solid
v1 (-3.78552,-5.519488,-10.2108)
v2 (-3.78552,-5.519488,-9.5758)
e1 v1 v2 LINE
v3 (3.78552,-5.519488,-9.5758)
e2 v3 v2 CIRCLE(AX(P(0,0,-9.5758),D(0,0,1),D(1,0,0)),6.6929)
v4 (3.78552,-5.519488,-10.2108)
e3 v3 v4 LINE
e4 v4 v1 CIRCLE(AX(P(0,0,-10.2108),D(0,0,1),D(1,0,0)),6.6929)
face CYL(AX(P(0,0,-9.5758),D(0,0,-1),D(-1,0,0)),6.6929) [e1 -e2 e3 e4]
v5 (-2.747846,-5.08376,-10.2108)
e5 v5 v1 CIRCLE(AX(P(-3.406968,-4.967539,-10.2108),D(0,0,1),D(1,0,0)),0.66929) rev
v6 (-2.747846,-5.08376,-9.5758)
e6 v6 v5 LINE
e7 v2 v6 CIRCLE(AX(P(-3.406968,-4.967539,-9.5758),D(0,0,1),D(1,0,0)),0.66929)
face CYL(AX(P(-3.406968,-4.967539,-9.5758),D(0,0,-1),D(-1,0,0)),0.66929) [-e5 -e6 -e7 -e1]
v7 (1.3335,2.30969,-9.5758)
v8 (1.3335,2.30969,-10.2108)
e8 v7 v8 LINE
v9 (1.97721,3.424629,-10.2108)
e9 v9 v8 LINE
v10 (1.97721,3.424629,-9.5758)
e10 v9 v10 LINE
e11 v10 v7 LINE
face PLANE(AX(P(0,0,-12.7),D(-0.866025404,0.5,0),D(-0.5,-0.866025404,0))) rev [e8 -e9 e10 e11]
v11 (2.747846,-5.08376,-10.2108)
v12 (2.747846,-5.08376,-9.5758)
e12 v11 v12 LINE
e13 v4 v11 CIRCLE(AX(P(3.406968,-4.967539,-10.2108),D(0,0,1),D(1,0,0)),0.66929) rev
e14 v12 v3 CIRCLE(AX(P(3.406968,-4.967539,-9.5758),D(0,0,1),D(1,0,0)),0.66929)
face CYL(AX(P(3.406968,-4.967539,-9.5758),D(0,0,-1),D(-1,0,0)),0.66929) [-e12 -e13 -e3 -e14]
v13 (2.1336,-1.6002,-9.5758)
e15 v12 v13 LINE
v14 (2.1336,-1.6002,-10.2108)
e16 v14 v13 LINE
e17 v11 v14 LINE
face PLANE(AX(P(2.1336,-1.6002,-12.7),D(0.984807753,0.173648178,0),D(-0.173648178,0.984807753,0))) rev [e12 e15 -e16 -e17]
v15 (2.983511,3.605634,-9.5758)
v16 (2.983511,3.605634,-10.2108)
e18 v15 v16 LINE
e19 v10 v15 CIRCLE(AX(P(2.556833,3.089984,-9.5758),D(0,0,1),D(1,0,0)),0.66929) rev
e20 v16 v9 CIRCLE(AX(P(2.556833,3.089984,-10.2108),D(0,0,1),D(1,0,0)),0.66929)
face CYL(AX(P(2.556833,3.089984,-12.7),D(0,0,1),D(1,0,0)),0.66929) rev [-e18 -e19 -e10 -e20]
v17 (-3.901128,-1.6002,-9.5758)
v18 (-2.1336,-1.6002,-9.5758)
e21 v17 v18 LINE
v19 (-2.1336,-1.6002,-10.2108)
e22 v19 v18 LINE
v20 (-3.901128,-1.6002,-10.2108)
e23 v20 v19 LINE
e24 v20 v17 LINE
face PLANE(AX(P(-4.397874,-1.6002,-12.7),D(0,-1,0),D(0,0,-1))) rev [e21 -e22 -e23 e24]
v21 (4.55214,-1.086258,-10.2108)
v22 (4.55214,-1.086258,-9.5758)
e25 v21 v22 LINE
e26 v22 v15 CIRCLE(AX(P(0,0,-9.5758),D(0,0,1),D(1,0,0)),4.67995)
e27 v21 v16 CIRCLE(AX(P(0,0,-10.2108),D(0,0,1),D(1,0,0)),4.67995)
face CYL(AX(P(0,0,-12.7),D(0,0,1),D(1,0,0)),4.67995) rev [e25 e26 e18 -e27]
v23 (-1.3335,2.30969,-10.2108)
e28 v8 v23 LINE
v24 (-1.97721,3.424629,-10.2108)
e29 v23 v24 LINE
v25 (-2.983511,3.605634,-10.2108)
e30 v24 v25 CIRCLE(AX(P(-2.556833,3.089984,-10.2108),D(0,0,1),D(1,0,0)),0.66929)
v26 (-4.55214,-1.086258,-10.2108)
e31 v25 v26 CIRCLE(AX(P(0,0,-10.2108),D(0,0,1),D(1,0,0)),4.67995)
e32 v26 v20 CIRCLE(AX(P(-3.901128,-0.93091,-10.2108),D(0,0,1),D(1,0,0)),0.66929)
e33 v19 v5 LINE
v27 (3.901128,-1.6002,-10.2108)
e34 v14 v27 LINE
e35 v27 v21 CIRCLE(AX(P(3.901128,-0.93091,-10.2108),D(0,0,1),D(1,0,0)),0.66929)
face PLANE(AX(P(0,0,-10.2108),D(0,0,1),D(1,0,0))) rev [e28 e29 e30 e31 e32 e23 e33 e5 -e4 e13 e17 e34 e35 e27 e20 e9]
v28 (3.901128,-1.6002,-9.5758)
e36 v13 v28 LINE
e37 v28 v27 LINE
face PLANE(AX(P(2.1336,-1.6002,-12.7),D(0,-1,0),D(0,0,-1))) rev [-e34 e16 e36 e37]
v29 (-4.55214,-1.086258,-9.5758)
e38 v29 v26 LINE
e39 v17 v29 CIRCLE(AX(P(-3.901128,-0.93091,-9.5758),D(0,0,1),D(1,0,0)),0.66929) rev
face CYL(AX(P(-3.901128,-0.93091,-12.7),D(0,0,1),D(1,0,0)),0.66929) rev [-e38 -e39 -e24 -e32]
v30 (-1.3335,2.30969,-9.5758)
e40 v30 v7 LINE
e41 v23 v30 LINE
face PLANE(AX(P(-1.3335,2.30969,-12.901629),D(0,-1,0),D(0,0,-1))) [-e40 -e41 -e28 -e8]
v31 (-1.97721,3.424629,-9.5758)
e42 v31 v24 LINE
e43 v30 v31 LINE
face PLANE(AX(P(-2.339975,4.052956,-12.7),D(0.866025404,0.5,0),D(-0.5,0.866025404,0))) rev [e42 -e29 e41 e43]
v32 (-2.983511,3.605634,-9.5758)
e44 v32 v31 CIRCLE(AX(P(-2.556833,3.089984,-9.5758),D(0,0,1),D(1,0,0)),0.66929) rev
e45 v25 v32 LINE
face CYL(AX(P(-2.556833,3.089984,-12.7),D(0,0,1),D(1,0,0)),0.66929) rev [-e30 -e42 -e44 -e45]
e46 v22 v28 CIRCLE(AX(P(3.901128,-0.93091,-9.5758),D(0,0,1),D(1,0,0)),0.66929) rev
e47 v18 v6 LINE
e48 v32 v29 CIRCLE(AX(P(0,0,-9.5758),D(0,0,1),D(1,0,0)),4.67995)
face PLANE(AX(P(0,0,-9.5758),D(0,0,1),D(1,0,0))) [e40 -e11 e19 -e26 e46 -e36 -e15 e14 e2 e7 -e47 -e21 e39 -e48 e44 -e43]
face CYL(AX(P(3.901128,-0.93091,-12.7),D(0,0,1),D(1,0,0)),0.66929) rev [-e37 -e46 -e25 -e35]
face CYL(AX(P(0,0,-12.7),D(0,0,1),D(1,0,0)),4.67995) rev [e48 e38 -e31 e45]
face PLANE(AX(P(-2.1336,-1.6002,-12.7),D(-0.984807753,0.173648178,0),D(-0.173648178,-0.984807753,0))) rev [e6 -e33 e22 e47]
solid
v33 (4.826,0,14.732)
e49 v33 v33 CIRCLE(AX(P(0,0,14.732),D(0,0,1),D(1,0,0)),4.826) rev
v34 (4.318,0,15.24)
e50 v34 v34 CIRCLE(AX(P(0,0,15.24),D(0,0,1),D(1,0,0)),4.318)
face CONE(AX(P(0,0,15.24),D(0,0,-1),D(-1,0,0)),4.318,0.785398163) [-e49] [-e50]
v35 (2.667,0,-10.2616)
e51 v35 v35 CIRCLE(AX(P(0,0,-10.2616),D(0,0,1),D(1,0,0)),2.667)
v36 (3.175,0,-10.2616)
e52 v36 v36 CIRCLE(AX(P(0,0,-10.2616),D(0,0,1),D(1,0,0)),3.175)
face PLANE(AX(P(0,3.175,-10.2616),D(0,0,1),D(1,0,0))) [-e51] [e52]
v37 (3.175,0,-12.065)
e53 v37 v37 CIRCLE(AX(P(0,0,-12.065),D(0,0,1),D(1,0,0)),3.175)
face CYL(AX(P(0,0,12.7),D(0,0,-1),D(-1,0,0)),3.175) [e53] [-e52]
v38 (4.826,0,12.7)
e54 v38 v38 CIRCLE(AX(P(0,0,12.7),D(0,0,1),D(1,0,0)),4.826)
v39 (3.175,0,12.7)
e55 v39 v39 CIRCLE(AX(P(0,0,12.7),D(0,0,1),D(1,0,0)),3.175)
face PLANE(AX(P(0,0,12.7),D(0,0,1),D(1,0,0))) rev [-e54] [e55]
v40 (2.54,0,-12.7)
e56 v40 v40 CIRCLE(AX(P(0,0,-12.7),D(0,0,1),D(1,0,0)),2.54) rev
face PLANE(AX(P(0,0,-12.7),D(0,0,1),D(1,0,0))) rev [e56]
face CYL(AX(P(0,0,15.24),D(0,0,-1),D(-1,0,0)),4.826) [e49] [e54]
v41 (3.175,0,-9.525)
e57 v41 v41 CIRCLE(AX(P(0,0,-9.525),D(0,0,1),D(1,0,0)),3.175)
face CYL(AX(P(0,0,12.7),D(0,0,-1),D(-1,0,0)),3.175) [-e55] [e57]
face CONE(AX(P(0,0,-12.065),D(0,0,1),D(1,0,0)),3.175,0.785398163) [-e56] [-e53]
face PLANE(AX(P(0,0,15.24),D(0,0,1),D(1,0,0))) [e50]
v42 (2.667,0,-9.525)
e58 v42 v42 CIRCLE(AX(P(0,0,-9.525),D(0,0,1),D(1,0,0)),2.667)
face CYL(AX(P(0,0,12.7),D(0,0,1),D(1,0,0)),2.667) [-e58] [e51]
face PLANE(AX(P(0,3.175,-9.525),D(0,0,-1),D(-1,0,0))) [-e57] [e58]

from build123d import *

# Parameters (mm, degrees)
SKETCH2_R      = 3.175
EXTRUDE1_DEPTH = 12.7
SKETCH3_W      = 0.7366
SKETCH3_H      = 0.508
SKETCH8_R      = 4.826
EXTRUDE6_DEPTH = 2.54
CHAMFER2_SIZE  = 0.508
SKETCH4_R      = 6.6929
SKETCH4_R_2    = 2.667
EXTRUDE2_DEPTH = 0.3175
EXTRUDE4_DEPTH = 13.7
EXTRUDE5_DEPTH = 0.635
FILLET1_R      = 0.66929
CHAMFER1_SIZE  = 0.635


with BuildPart() as part:
    # Sketch2 → Extrude1 (new body, symmetric)
    with BuildSketch(Plane.XY):
        Circle(SKETCH2_R)
    extrude(amount=EXTRUDE1_DEPTH, both=True)

    # Sketch3 → Cut-Revolve1 (revolve, cut)
    with BuildSketch(Plane(origin=(0, 0, 0), x_dir=(0, 0, -1), z_dir=(1, 0, 0))):
        with Locations((9.8933, 2.921)):
            Rectangle(SKETCH3_W, SKETCH3_H)
    revolve(axis=Axis((0, 0, 12.7), (0, 0, -1)), mode=Mode.SUBTRACT)

    # Sketch8 → Extrude6 (add)
    with BuildSketch(Plane.XY.offset(12.7)):
        Circle(SKETCH8_R)
    extrude(amount=EXTRUDE6_DEPTH)

    # Chamfer2
    chamfer2_edges = [part.edges().sort_by_distance(p)[0] for p in [
        (-4.826, 0, 15.24),
    ]]
    chamfer(chamfer2_edges, length=CHAMFER2_SIZE)

    # Chamfer1
    chamfer1_edges = [part.edges().sort_by_distance(p)[0] for p in [
        (-3.175, 0, -12.7),
    ]]
    chamfer(chamfer1_edges, length=CHAMFER1_SIZE)


with BuildPart() as body_2:
    # Sketch4 → Extrude2 (new body, symmetric)
    with BuildSketch(Plane.XY.offset(-9.8933)):
        Circle(SKETCH4_R)
        Circle(SKETCH4_R_2, mode=Mode.SUBTRACT)
    extrude(amount=EXTRUDE2_DEPTH, both=True)

    # Sketch5 → Extrude4 (cut, through all)
    with BuildSketch(Plane.XY):
        with BuildLine():
            Line((-2.339975, 4.052955588), (0, 0))
            Line((0, 0), (2.339975, 4.052955588))
            ThreePointArc((2.339975, 4.052955588), (4.397634918, 1.600855749), (4.397873573, -1.6002))
            Line((4.397873573, -1.6002), (2.1336, -1.6002))
            Line((2.1336, -1.6002), (2.913865383, -6.025304883))
            ThreePointArc((2.913865383, -6.025304883), (0, -6.6929), (-2.913865383, -6.025304883))
            Line((-2.913865383, -6.025304883), (-2.1336, -1.6002))
            Line((-2.1336, -1.6002), (-4.397873573, -1.6002))
            ThreePointArc((-4.397873573, -1.6002), (-4.397634918, 1.600855749), (-2.339975, 4.052955588))
        make_face()
    extrude(amount=-EXTRUDE4_DEPTH, mode=Mode.SUBTRACT)

    # Sketch6 → Extrude5 (add)
    with BuildSketch(Plane.XY.offset(-9.5758)):
        with BuildLine():
            Line((-1.3335, 2.309689752), (1.3335, 2.309689752))
            ThreePointArc((1.3335, 2.309689752), (0, 2.667), (-1.3335, 2.309689752))
        make_face()
    extrude(amount=-EXTRUDE5_DEPTH)

    # Fillet1
    fillet1_edges = [body_2.edges().sort_by_distance(p)[0] for p in [
        (2.339975, 4.052955588, -9.8933),
        (2.913865383, -6.025304883, -9.8933),
        (-4.397873573, -1.6002, -9.8933),
        (4.397873573, -1.6002, -9.8933),
        (-2.913865383, -6.025304883, -9.8933),
        (-2.339975, 4.052955588, -9.8933),
    ]]
    fillet(fillet1_edges, radius=FILLET1_R)


solid = Compound([part.part, body_2.part])
